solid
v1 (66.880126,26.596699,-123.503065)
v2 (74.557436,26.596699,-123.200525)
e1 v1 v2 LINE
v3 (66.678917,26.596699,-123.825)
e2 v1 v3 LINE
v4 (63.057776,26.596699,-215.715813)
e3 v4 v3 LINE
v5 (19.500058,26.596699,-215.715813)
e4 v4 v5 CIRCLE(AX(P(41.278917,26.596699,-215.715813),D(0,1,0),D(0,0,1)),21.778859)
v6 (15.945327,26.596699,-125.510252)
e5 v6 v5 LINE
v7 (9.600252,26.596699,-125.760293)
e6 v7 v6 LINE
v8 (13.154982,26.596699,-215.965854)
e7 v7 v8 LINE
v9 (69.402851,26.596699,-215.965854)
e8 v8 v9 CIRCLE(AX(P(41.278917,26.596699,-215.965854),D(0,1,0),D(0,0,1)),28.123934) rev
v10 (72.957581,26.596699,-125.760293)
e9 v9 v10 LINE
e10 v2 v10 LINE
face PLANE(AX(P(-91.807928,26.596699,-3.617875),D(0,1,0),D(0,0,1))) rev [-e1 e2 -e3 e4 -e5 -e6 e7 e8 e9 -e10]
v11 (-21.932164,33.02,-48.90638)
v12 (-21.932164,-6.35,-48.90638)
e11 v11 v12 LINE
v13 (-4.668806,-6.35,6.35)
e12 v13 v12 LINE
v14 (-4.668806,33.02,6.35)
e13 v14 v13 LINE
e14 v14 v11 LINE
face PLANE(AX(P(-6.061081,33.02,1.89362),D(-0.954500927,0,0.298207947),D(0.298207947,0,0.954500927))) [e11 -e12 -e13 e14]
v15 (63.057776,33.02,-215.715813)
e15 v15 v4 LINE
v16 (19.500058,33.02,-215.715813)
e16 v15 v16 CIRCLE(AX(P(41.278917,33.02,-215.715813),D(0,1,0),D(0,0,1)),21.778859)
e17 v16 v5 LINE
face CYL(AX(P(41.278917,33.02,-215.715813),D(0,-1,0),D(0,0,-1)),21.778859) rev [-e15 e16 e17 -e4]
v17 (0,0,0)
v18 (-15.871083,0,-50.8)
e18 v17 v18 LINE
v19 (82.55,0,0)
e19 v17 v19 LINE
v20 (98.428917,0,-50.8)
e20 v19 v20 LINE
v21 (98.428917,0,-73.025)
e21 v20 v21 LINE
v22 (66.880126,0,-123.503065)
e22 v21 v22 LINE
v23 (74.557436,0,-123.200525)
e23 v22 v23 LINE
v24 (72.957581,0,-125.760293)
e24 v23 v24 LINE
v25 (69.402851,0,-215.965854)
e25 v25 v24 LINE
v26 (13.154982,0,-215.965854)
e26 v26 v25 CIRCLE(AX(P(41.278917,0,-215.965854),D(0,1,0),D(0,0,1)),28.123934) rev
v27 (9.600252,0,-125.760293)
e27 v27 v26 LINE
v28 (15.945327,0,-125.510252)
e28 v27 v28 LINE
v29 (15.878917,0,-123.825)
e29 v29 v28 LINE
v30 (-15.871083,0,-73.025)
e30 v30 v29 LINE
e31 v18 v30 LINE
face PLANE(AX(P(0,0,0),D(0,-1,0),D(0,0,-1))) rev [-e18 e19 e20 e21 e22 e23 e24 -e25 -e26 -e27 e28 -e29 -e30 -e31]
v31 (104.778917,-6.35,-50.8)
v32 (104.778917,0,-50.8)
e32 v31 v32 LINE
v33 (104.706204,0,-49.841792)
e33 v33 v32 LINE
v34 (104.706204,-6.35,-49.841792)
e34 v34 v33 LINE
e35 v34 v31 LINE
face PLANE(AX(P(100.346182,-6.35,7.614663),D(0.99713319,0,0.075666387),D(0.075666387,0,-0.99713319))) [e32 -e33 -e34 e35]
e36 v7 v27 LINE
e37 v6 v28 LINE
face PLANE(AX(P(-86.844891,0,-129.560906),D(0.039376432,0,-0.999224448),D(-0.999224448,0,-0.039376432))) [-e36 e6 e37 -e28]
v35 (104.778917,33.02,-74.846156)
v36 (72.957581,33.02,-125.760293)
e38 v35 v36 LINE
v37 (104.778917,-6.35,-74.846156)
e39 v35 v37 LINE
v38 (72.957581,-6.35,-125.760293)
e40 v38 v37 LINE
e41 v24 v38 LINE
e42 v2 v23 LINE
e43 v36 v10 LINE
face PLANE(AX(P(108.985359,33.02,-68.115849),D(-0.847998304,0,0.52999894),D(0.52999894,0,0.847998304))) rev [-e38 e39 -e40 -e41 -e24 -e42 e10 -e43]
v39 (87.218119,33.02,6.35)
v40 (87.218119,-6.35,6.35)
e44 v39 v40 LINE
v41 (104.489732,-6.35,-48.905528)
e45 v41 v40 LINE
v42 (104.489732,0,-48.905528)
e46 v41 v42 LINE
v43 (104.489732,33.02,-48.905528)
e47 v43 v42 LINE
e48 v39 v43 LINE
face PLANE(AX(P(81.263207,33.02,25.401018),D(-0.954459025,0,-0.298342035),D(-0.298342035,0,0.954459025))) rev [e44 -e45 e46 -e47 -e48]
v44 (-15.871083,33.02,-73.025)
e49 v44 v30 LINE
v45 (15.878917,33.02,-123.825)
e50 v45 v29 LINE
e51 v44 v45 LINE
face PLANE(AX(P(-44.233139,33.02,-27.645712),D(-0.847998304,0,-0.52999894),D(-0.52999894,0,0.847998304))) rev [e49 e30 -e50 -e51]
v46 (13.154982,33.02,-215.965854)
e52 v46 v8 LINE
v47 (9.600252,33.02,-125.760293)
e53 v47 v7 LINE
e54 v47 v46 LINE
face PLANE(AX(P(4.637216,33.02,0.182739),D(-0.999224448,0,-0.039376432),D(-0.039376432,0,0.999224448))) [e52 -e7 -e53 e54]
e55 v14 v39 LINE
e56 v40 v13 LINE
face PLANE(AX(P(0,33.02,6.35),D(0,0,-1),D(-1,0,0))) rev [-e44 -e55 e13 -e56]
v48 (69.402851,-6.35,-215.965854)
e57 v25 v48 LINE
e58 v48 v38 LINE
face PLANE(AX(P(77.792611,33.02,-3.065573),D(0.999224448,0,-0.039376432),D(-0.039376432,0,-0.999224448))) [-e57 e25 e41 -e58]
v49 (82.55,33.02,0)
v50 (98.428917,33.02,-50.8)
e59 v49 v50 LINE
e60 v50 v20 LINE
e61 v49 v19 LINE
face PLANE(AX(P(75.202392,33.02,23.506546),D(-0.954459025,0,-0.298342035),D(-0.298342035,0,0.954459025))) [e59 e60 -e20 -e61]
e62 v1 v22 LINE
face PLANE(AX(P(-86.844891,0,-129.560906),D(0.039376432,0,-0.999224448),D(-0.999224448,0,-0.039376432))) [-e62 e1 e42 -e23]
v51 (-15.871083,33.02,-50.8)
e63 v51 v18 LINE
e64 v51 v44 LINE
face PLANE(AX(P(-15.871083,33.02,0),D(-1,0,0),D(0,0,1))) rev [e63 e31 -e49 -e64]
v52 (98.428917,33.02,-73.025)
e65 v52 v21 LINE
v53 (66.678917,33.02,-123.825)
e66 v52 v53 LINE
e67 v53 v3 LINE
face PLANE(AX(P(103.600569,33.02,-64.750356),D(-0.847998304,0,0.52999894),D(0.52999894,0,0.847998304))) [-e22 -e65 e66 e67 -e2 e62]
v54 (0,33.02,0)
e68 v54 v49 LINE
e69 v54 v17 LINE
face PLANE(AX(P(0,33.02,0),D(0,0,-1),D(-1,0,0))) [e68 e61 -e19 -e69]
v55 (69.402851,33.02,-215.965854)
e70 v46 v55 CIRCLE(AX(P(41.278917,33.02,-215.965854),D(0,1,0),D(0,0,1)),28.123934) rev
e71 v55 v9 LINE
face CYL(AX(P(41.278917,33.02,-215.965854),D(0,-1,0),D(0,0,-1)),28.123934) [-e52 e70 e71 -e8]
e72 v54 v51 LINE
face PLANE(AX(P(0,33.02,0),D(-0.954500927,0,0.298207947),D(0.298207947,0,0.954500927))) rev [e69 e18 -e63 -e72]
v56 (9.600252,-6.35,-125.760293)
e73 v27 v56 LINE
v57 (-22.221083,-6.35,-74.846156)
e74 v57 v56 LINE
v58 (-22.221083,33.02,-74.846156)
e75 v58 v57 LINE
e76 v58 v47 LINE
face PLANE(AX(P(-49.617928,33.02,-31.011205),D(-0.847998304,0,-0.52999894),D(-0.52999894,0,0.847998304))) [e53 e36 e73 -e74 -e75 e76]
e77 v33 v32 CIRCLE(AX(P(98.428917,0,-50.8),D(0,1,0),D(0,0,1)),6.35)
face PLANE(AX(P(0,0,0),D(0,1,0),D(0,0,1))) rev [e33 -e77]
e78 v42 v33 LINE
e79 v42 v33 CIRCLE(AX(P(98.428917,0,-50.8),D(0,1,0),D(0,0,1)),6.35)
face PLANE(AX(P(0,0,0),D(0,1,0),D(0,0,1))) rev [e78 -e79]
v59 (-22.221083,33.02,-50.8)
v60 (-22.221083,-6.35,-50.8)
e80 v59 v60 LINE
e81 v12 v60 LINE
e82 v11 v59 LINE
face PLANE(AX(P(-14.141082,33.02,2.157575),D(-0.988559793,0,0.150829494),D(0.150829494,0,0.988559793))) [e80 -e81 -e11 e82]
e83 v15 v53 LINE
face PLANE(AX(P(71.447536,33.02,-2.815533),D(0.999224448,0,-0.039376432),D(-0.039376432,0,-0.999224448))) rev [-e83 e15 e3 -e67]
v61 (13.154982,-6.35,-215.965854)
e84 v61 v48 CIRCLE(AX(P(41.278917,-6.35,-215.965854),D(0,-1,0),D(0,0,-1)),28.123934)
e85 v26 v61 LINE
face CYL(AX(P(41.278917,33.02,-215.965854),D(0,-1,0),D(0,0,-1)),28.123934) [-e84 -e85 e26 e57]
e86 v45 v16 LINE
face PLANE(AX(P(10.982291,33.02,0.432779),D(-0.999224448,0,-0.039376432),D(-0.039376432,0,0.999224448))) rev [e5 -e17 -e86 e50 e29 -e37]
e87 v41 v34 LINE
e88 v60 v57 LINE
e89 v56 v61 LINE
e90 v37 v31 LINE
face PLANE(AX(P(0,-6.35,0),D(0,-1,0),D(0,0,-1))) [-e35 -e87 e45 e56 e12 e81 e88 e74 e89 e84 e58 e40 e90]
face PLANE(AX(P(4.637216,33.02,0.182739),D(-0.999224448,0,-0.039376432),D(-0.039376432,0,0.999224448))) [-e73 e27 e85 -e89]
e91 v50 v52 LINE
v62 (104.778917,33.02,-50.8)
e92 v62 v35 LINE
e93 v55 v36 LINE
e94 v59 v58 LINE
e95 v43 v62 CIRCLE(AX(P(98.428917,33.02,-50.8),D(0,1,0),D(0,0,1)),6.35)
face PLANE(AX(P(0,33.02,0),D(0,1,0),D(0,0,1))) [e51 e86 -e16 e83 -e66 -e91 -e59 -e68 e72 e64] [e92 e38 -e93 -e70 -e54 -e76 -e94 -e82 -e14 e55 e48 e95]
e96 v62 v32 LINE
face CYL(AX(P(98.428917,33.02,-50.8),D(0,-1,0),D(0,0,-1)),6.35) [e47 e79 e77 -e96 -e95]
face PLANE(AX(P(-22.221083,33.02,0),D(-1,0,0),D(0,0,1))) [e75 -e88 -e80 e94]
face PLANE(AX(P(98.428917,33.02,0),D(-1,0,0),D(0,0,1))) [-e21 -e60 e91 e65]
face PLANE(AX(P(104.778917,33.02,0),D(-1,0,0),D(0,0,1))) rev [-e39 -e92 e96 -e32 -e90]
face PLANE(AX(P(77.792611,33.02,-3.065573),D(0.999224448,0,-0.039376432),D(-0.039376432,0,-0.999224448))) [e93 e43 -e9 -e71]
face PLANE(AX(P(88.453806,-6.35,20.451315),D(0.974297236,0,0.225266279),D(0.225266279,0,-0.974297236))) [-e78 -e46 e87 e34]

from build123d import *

# Parameters (mm, degrees)
BOSS_EXTRUDE1_DEPTH     = 33.02
BOSS_EXTRUDE2_START     = 6.35
BOSS_EXTRUDE2_DEPTH     = 6.35
CUT_EXTRUDE1_DEPTH      = 96.52
CUT_EXTRUDE1_DEPTH_BACK = 96.52
SKETCH3_W               = 138.649472244
SKETCH3_H               = 26.596699


with BuildPart() as part:
    # Sketch1 → Boss-Extrude1 (new body)
    with BuildSketch(Plane(origin=(0, 0, 0), x_dir=(1, 0, 0), z_dir=(0, 1, 0))):
        with BuildLine():
            Line((-22.221083262, 74.846156038), (-22.221083262, 50.8))
            Line((-22.221083262, 50.8), (-21.932164151, 48.906379538))
            Line((-21.932164151, 48.906379538), (-4.668805876, -6.35))
            Line((-4.668805876, -6.35), (87.218118757, -6.35))
            Line((87.218118757, -6.35), (104.489731546, 48.905528077))
            ThreePointArc((104.489731546, 48.905528077), (104.706204131, 49.841791784), (104.778916738, 50.8))
            Line((104.778916738, 50.8), (104.778916738, 74.846156038))
            Line((104.778916738, 74.846156038), (72.957581245, 125.760292827))
            Line((72.957581245, 125.760292827), (69.402851201, 215.965853579))
            ThreePointArc((69.402851201, 215.965853579), (41.278916738, 244.089788041), (13.154982275, 215.965853579))
            Line((13.154982275, 215.965853579), (9.600252232, 125.760292827))
            Line((9.600252232, 125.760292827), (-22.221083262, 74.846156038))
        make_face()
        with BuildLine():
            Line((82.55, 0), (0, 0))
            Line((0, 0), (-15.871083262, 50.8))
            Line((-15.871083262, 50.8), (-15.871083262, 73.025))
            Line((-15.871083262, 73.025), (15.878916738, 123.825))
            Line((15.878916738, 123.825), (19.500057517, 215.715813233))
            ThreePointArc((19.500057517, 215.715813233), (41.278916738, 237.494672454), (63.057775959, 215.715813233))
            Line((63.057775959, 215.715813233), (66.678916738, 123.825))
            Line((66.678916738, 123.825), (98.428916738, 73.025))
            Line((98.428916738, 73.025), (98.428916738, 50.8))
            Line((98.428916738, 50.8), (82.55, 0))
        make_face(mode=Mode.SUBTRACT)
    extrude(amount=BOSS_EXTRUDE1_DEPTH)

    # Sketch2 → Boss-Extrude2 (add)
    with BuildSketch(Plane.XZ.offset(BOSS_EXTRUDE2_START)):
        with BuildLine():
            Line((87.218118757, 6.35), (-4.668805876, 6.35))
            Line((-4.668805876, 6.35), (-21.932164151, -48.906379538))
            Line((-21.932164151, -48.906379538), (-22.221083262, -50.8))
            Line((-22.221083262, -50.8), (-22.221083262, -74.846156038))
            Line((-22.221083262, -74.846156038), (9.600252232, -125.760292827))
            Line((9.600252232, -125.760292827), (13.154982275, -215.965853579))
            ThreePointArc((13.154982275, -215.965853579), (41.278916738, -244.089788041), (69.402851201, -215.965853579))
            Line((69.402851201, -215.965853579), (72.957581245, -125.760292827))
            Line((72.957581245, -125.760292827), (104.778916738, -74.846156038))
            Line((104.778916738, -74.846156038), (104.778916738, -50.8))
            Line((104.778916738, -50.8), (104.706204131, -49.841791784))
            Line((104.706204131, -49.841791784), (104.489731546, -48.905528077))
            Line((104.489731546, -48.905528077), (87.218118757, 6.35))
        make_face()
    extrude(amount=-BOSS_EXTRUDE2_DEPTH)

    # Sketch3 → Cut-Extrude1 (cut, two sides: drawn at the far end of the back side and taken through both)
    with BuildSketch(Plane(origin=(4.637215869, 0, 0.182738741), x_dir=(-0.03937643239096595, 0, 0.9992244475452748), z_dir=(-0.9992244475452748, 0, -0.03937643239096595)).offset(-CUT_EXTRUDE1_DEPTH_BACK)):
        with Locations((-195.365518928, 13.2983495)):
            Rectangle(SKETCH3_W, SKETCH3_H)
    extrude(amount=CUT_EXTRUDE1_DEPTH + CUT_EXTRUDE1_DEPTH_BACK, mode=Mode.SUBTRACT)


solid = part.part
